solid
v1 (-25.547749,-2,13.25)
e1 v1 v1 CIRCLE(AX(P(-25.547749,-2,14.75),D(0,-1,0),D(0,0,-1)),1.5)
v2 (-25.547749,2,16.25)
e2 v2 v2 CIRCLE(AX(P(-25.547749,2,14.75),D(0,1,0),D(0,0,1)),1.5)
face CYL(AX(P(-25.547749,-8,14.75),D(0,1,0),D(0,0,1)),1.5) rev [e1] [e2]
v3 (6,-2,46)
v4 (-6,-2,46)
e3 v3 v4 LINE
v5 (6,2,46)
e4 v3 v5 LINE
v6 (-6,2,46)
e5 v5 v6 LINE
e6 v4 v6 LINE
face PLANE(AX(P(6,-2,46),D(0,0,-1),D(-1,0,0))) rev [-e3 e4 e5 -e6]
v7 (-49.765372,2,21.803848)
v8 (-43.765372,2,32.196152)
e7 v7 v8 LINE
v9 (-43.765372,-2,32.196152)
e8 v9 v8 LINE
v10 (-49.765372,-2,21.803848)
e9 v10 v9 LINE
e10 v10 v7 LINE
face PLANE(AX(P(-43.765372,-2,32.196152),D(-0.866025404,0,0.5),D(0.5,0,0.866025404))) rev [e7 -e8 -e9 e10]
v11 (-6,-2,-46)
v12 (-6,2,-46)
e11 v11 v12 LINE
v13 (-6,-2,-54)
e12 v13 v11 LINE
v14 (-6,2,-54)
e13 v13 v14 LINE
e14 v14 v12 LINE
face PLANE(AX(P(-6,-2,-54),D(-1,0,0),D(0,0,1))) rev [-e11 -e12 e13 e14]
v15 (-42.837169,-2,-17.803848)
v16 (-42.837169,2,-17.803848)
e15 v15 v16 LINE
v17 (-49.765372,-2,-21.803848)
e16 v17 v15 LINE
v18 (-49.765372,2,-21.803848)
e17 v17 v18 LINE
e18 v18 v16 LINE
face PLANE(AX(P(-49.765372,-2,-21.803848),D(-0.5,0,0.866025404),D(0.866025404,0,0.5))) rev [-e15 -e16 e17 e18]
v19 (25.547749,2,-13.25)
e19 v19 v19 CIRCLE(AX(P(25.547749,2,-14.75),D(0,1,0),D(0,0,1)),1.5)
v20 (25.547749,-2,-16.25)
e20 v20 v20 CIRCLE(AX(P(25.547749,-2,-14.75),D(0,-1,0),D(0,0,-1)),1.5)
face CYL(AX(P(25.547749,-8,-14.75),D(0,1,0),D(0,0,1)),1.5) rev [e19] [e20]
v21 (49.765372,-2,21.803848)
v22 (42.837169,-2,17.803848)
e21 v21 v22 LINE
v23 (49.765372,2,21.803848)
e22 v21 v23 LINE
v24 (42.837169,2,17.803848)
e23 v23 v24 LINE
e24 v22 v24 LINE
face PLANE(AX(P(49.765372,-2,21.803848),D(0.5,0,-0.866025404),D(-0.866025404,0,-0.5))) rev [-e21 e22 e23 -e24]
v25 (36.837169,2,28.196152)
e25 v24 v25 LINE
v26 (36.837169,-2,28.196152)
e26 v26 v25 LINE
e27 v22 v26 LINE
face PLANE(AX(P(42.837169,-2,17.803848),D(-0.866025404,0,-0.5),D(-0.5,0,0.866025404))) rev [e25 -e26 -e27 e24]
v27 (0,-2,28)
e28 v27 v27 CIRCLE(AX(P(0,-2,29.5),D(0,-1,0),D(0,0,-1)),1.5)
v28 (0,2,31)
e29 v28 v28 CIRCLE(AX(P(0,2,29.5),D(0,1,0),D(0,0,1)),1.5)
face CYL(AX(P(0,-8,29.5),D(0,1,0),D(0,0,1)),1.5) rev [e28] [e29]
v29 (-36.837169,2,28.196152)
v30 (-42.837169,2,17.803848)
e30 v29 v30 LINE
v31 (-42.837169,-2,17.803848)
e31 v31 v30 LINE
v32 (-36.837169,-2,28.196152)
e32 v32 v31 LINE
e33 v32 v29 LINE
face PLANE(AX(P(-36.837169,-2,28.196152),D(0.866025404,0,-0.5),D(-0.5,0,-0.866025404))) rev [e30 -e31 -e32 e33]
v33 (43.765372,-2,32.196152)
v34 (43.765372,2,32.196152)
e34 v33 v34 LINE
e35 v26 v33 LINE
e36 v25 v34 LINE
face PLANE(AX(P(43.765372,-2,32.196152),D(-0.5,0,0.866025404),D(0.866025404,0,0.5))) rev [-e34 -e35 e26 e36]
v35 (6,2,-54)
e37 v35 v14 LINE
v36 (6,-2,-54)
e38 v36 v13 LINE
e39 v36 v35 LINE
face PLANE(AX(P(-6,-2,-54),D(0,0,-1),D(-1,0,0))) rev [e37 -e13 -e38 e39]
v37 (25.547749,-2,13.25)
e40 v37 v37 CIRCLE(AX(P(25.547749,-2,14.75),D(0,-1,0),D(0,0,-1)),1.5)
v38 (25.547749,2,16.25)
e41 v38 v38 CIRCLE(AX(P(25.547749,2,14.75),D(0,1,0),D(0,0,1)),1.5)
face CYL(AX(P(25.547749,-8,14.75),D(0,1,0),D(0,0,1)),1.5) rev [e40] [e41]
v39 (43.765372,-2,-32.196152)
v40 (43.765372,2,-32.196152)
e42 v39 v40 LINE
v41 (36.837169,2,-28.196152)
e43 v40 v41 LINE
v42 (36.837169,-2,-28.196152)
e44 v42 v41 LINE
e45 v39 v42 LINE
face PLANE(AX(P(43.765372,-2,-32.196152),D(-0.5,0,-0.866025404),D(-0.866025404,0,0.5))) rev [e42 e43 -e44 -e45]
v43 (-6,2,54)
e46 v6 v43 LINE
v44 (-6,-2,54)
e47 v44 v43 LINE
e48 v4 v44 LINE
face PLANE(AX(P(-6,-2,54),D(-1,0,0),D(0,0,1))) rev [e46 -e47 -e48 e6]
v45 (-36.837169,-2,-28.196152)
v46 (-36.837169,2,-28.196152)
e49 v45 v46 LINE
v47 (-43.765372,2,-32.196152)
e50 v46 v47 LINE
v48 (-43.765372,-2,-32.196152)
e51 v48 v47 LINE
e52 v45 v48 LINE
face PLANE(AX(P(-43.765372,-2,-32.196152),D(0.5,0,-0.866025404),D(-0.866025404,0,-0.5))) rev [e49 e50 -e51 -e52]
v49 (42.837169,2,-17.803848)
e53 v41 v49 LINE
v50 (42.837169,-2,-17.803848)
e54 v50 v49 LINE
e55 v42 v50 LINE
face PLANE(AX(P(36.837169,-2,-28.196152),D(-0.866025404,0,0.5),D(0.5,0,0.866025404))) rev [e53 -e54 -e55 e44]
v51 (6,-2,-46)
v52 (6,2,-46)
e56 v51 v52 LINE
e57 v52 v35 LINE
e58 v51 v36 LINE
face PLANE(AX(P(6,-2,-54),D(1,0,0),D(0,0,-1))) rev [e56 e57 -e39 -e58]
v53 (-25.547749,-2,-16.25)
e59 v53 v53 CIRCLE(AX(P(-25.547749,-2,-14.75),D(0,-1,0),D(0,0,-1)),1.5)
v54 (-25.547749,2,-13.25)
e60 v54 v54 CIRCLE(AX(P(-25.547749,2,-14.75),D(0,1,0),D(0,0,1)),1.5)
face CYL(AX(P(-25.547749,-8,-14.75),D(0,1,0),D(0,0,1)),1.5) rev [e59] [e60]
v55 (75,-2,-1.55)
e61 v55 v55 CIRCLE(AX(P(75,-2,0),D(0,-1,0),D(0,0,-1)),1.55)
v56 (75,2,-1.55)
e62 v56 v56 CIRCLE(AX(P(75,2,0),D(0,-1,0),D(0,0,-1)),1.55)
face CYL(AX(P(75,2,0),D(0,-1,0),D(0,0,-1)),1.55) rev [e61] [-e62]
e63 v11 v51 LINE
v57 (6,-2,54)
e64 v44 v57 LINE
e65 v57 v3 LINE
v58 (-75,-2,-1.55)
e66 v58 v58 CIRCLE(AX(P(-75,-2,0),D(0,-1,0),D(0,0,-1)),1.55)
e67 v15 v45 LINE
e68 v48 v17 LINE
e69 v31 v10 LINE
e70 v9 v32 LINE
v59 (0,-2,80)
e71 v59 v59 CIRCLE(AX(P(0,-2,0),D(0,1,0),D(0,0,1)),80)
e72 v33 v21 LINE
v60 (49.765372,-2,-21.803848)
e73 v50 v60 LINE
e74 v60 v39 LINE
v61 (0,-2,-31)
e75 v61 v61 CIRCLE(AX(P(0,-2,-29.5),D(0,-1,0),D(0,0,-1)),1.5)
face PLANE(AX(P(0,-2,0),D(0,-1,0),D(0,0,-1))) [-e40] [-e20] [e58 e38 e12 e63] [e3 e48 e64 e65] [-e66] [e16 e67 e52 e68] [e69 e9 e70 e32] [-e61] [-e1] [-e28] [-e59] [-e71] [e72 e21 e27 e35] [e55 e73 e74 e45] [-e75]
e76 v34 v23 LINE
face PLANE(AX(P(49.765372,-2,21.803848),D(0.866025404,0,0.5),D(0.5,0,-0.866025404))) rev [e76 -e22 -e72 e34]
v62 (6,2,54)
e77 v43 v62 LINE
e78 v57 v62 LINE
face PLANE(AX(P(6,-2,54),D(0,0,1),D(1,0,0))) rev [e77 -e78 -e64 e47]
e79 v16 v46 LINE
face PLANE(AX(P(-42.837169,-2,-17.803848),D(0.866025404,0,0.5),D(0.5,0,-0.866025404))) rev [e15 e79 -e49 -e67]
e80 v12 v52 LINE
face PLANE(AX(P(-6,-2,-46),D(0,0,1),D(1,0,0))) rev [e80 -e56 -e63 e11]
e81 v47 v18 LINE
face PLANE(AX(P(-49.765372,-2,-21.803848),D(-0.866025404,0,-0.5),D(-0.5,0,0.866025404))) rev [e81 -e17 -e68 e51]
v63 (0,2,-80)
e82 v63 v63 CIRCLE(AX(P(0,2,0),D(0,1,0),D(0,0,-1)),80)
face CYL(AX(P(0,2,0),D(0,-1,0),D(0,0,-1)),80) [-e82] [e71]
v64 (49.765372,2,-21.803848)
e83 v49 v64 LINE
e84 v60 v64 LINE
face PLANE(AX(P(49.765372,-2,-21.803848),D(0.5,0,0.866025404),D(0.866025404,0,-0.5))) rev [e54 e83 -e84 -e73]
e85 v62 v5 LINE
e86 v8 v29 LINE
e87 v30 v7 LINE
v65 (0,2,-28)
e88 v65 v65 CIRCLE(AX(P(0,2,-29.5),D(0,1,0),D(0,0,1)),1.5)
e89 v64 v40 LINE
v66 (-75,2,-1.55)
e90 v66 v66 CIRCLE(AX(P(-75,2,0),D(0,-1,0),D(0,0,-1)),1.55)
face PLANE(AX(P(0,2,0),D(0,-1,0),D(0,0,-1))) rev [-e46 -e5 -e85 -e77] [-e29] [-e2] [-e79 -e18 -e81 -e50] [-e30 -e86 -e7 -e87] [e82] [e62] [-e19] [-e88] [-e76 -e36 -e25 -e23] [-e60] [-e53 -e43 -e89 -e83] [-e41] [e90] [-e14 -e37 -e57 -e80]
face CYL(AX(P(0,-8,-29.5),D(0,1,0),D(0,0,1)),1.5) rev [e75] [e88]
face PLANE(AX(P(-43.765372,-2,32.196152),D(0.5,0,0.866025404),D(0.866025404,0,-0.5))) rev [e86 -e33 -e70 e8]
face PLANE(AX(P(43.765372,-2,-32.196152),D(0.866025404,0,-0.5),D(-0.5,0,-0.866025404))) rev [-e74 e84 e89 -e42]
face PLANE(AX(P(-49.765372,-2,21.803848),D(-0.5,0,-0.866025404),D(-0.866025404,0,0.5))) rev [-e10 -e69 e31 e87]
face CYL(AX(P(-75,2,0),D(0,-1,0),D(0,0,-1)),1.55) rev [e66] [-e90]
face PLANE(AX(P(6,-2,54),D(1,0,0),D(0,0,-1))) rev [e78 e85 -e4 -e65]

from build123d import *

# Parameters (mm, degrees)
BOSS_EXTRUDE1_DEPTH = 2
SKETCH2_R           = 1.55
CUT_EXTRUDE1_DEPTH  = 5
SKETCH3_W           = 12
SKETCH3_H           = 8
CUT_EXTRUDE2_DEPTH  = 5
SKETCH4_R           = 1.5
CUT_EXTRUDE4_DEPTH  = 10


with BuildPart() as part:
    # Sketch1 → Boss-Extrude1 (new body, symmetric)
    with BuildSketch(Plane(origin=(0, 0, 0), x_dir=(1, 0, 0), z_dir=(0, 1, 0))):
        with BuildLine():
            ThreePointArc((-6, 79.774682701), (0, -80), (6, 79.774682701))
            ThreePointArc((6, 79.774682701), (0, 80), (-6, 79.774682701))
        make_face()
    extrude(amount=BOSS_EXTRUDE1_DEPTH, both=True)

    # Sketch2 → Cut-Extrude1 (cut, through all)
    with BuildSketch(Plane.XZ.offset(2)):
        with Locations((75, 0)):
            Circle(SKETCH2_R)
        with Locations((-75, 0)):
            Circle(SKETCH2_R)
    extrude(amount=-CUT_EXTRUDE1_DEPTH, mode=Mode.SUBTRACT)

    # Sketch3 → Cut-Extrude2 (cut, through all)
    with BuildSketch(Plane(origin=(0, 2, 0), x_dir=(1, 0, 0), z_dir=(0, 1, 0))):
        Polygon((43.765371804, 32.196152423), (49.765371804, 21.803847577), (42.837168574, 17.803847577), (36.837168574, 28.196152423), align=None)
        with Locations((0, 50)):
            Rectangle(SKETCH3_W, SKETCH3_H)
        Polygon((49.765371804, -21.803847577), (43.765371804, -32.196152423), (36.837168574, -28.196152423), (42.837168574, -17.803847577), align=None)
        with Locations((0, -50)):
            Rectangle(SKETCH3_W, SKETCH3_H)
        Polygon((-43.765371804, -32.196152423), (-49.765371804, -21.803847577), (-42.837168574, -17.803847577), (-36.837168574, -28.196152423), align=None)
        Polygon((-49.765371804, 21.803847577), (-43.765371804, 32.196152423), (-36.837168574, 28.196152423), (-42.837168574, 17.803847577), align=None)
    extrude(amount=-CUT_EXTRUDE2_DEPTH, mode=Mode.SUBTRACT)

    # Sketch4 → Cut-Extrude4 (cut)
    with BuildSketch(Plane(origin=(0, 2, 0), x_dir=(1, 0, 0), z_dir=(0, 1, 0))):
        with Locations((0, -29.5)):
            Circle(SKETCH4_R)
        with Locations((-25.547749412, 14.75)):
            Circle(SKETCH4_R)
        with Locations((-25.547749412, -14.75)):
            Circle(SKETCH4_R)
        with Locations((25.547749412, -14.75)):
            Circle(SKETCH4_R)
        with Locations((25.547749412, 14.75)):
            Circle(SKETCH4_R)
        with Locations((0, 29.5)):
            Circle(SKETCH4_R)
    extrude(amount=-CUT_EXTRUDE4_DEPTH, mode=Mode.SUBTRACT)


solid = part.part
